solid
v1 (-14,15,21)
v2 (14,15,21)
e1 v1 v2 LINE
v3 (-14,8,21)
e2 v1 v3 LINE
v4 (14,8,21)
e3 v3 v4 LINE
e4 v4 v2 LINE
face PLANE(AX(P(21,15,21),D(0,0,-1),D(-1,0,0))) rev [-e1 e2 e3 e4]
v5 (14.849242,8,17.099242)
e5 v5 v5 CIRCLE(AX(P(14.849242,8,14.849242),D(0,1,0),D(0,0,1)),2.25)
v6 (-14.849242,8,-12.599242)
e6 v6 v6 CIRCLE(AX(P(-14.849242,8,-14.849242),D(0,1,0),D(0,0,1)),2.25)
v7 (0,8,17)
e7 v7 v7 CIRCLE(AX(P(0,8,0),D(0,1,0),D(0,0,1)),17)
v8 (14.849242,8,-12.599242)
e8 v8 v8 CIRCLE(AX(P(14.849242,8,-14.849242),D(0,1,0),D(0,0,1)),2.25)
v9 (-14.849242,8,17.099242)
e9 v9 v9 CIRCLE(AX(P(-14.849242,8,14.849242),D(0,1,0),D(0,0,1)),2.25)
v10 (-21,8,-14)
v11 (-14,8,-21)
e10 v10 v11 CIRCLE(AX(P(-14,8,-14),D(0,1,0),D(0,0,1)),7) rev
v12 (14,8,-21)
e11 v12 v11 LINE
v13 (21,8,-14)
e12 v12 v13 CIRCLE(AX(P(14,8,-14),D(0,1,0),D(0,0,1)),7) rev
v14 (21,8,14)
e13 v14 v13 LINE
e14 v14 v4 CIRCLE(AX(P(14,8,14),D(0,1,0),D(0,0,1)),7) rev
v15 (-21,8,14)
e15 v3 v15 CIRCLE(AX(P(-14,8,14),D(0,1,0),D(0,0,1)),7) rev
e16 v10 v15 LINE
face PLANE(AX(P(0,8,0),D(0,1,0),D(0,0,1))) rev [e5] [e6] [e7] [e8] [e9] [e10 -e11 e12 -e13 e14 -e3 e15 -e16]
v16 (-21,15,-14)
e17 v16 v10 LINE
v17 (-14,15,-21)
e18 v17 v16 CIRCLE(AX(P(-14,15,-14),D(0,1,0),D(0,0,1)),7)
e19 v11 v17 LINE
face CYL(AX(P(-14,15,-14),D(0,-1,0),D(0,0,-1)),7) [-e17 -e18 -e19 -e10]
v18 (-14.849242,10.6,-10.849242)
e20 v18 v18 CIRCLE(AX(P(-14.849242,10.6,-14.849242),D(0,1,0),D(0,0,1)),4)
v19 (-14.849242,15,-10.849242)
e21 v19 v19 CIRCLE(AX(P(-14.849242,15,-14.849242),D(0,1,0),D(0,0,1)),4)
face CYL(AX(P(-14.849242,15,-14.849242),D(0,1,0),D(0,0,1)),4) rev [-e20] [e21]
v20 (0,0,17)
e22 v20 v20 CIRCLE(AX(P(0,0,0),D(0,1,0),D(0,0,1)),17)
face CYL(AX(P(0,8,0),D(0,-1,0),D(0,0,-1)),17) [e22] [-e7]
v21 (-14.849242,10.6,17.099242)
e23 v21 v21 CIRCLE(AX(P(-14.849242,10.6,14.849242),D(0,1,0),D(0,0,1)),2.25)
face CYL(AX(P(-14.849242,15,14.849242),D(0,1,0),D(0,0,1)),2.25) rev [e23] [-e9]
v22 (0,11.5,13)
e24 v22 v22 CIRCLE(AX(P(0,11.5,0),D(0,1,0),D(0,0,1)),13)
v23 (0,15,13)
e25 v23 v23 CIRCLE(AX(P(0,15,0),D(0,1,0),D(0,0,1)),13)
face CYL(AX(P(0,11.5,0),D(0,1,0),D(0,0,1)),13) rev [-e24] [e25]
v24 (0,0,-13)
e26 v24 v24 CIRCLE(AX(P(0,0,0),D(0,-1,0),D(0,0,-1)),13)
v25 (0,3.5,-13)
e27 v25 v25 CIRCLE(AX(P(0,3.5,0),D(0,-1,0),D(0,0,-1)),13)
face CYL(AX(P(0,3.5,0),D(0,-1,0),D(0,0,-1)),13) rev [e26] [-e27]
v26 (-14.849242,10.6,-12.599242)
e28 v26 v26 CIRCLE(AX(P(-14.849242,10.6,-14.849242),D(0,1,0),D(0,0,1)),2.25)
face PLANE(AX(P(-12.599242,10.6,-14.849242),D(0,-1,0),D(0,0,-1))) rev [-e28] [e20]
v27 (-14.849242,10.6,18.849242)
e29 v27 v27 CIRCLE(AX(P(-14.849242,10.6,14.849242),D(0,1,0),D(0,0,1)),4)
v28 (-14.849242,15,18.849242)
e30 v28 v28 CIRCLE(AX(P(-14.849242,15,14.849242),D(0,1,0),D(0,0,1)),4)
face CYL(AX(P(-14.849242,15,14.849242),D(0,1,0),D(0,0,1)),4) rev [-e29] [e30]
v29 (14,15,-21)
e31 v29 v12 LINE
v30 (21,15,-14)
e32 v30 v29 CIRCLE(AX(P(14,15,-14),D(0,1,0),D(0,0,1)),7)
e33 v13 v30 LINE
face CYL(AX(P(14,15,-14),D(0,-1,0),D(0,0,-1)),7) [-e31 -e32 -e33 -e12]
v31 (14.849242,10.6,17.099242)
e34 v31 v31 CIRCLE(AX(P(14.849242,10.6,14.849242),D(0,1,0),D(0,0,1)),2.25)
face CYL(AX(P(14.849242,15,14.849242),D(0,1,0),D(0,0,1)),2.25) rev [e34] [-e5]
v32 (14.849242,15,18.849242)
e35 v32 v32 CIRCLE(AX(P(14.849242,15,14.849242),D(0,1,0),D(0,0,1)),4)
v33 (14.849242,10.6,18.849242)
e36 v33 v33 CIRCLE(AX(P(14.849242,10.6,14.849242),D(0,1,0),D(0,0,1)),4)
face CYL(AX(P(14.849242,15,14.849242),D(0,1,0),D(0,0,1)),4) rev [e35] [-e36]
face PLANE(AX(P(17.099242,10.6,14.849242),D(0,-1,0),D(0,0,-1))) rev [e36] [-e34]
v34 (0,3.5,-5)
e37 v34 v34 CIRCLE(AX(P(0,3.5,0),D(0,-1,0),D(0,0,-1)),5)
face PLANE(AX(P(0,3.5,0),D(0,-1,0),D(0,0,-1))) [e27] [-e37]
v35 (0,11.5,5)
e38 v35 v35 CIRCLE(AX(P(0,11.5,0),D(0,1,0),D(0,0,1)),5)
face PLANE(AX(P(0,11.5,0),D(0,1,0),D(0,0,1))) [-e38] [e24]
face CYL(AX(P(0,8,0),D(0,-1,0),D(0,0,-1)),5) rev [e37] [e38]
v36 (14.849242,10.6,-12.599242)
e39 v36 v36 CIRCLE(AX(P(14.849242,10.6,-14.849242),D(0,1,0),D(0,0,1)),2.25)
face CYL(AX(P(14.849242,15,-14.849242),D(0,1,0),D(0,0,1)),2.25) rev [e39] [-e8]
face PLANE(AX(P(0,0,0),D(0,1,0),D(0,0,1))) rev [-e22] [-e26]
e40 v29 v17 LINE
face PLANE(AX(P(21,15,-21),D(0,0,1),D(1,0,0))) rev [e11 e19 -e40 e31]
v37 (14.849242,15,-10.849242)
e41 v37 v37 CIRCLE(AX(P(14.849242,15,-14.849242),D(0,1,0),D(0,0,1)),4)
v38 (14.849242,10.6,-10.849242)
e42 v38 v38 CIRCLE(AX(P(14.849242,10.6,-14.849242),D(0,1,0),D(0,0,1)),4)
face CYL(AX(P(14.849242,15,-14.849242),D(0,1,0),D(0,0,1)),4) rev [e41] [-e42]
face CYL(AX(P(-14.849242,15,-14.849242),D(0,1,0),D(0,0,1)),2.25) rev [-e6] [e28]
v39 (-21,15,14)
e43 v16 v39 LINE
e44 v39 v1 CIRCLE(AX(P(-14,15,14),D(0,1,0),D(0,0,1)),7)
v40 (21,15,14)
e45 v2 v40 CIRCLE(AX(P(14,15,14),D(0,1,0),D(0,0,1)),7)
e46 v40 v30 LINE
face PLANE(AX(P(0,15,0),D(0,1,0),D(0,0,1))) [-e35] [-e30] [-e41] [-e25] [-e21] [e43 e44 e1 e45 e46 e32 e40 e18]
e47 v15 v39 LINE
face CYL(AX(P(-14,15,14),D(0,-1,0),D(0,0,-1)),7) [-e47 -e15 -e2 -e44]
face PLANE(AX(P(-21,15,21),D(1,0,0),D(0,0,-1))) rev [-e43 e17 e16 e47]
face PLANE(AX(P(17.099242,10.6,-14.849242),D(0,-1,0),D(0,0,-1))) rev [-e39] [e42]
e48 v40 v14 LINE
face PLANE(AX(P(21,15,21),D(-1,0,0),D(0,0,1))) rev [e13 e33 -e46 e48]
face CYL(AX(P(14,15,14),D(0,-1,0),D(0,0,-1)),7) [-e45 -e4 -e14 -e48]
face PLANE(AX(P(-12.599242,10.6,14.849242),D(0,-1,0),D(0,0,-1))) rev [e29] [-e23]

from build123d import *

# Parameters (mm, degrees)
SKETCH1_R                                           = 17
SKETCH1_R_2                                         = 5
BOSS_EXTRUDE1_DEPTH                                 = 8
SKETCH2_W                                           = 42
SKETCH2_H                                           = 42
SKETCH2_R                                           = 5
BOSS_EXTRUDE2_DEPTH                                 = 7
FILLET1_R                                           = 7
CBORE_FOR_M4_HEX_SOCKET_HEAD_CAP_SCREW1_D           = 4.5
CBORE_FOR_M4_HEX_SOCKET_HEAD_CAP_SCREW1_CBORE_D     = 8
CBORE_FOR_M4_HEX_SOCKET_HEAD_CAP_SCREW1_CBORE_DEPTH = 4.4
SKETCH5_R                                           = 13
CUT_EXTRUDE1_DEPTH                                  = 3.5
CUT_EXTRUDE2_START                                  = -3.5
SKETCH6_R                                           = 13
CUT_EXTRUDE2_DEPTH                                  = 3.5


with BuildPart() as part:
    # Sketch1 → Boss-Extrude1 (new body)
    with BuildSketch(Plane(origin=(0, 0, 0), x_dir=(1, 0, 0), z_dir=(0, 1, 0))):
        with Locations(Location((0, 0, 0), (0, 0, 270))):
            Circle(SKETCH1_R)
        with Locations(Location((0, 0, 0), (0, 0, 270))):
            Circle(SKETCH1_R_2, mode=Mode.SUBTRACT)
    extrude(amount=BOSS_EXTRUDE1_DEPTH)

    # Sketch2 → Boss-Extrude2 (add)
    with BuildSketch(Plane(origin=(0, 8, 0), x_dir=(1, 0, 0), z_dir=(0, 1, 0))):
        Rectangle(SKETCH2_W, SKETCH2_H)
        with Locations(Location((0, 0, 0), (0, 0, 270))):
            Circle(SKETCH2_R, mode=Mode.SUBTRACT)
    extrude(amount=BOSS_EXTRUDE2_DEPTH)

    # Fillet1
    fillet1_edges = [part.edges().sort_by_distance(p)[0] for p in [
        (-21, 11.5, -21),
        (-21, 11.5, 21),
        (21, 11.5, 21),
        (21, 11.5, -21),
    ]]
    fillet(fillet1_edges, radius=FILLET1_R)

    # CBORE for M4 Hex Socket Head Cap Screw1 (through all)
    with Locations(Plane(origin=(-14.849242405, 15, -14.849242405), x_dir=(0, 0, 1), z_dir=(0, 1, 0))):
        with Locations((0, 0), (0, 29.69848481), (29.69848481, 29.69848481), (29.69848481, 0)):
            CounterBoreHole(CBORE_FOR_M4_HEX_SOCKET_HEAD_CAP_SCREW1_D / 2, CBORE_FOR_M4_HEX_SOCKET_HEAD_CAP_SCREW1_CBORE_D / 2, CBORE_FOR_M4_HEX_SOCKET_HEAD_CAP_SCREW1_CBORE_DEPTH)

    # Sketch5 → Cut-Extrude1 (cut)
    with BuildSketch(Plane.XZ):
        with Locations(Location((0, 0, 0), (0, 0, 270))):
            Circle(SKETCH5_R)
    extrude(amount=-CUT_EXTRUDE1_DEPTH, mode=Mode.SUBTRACT)

    # Sketch6 → Cut-Extrude2 (cut)
    with BuildSketch(Plane(origin=(0, 15, 0), x_dir=(1, 0, 0), z_dir=(0, 1, 0)).offset(CUT_EXTRUDE2_START)):
        with Locations(Location((0, 0, 0), (0, 0, 90))):
            Circle(SKETCH6_R)
    extrude(amount=CUT_EXTRUDE2_DEPTH, mode=Mode.SUBTRACT)


solid = part.part
